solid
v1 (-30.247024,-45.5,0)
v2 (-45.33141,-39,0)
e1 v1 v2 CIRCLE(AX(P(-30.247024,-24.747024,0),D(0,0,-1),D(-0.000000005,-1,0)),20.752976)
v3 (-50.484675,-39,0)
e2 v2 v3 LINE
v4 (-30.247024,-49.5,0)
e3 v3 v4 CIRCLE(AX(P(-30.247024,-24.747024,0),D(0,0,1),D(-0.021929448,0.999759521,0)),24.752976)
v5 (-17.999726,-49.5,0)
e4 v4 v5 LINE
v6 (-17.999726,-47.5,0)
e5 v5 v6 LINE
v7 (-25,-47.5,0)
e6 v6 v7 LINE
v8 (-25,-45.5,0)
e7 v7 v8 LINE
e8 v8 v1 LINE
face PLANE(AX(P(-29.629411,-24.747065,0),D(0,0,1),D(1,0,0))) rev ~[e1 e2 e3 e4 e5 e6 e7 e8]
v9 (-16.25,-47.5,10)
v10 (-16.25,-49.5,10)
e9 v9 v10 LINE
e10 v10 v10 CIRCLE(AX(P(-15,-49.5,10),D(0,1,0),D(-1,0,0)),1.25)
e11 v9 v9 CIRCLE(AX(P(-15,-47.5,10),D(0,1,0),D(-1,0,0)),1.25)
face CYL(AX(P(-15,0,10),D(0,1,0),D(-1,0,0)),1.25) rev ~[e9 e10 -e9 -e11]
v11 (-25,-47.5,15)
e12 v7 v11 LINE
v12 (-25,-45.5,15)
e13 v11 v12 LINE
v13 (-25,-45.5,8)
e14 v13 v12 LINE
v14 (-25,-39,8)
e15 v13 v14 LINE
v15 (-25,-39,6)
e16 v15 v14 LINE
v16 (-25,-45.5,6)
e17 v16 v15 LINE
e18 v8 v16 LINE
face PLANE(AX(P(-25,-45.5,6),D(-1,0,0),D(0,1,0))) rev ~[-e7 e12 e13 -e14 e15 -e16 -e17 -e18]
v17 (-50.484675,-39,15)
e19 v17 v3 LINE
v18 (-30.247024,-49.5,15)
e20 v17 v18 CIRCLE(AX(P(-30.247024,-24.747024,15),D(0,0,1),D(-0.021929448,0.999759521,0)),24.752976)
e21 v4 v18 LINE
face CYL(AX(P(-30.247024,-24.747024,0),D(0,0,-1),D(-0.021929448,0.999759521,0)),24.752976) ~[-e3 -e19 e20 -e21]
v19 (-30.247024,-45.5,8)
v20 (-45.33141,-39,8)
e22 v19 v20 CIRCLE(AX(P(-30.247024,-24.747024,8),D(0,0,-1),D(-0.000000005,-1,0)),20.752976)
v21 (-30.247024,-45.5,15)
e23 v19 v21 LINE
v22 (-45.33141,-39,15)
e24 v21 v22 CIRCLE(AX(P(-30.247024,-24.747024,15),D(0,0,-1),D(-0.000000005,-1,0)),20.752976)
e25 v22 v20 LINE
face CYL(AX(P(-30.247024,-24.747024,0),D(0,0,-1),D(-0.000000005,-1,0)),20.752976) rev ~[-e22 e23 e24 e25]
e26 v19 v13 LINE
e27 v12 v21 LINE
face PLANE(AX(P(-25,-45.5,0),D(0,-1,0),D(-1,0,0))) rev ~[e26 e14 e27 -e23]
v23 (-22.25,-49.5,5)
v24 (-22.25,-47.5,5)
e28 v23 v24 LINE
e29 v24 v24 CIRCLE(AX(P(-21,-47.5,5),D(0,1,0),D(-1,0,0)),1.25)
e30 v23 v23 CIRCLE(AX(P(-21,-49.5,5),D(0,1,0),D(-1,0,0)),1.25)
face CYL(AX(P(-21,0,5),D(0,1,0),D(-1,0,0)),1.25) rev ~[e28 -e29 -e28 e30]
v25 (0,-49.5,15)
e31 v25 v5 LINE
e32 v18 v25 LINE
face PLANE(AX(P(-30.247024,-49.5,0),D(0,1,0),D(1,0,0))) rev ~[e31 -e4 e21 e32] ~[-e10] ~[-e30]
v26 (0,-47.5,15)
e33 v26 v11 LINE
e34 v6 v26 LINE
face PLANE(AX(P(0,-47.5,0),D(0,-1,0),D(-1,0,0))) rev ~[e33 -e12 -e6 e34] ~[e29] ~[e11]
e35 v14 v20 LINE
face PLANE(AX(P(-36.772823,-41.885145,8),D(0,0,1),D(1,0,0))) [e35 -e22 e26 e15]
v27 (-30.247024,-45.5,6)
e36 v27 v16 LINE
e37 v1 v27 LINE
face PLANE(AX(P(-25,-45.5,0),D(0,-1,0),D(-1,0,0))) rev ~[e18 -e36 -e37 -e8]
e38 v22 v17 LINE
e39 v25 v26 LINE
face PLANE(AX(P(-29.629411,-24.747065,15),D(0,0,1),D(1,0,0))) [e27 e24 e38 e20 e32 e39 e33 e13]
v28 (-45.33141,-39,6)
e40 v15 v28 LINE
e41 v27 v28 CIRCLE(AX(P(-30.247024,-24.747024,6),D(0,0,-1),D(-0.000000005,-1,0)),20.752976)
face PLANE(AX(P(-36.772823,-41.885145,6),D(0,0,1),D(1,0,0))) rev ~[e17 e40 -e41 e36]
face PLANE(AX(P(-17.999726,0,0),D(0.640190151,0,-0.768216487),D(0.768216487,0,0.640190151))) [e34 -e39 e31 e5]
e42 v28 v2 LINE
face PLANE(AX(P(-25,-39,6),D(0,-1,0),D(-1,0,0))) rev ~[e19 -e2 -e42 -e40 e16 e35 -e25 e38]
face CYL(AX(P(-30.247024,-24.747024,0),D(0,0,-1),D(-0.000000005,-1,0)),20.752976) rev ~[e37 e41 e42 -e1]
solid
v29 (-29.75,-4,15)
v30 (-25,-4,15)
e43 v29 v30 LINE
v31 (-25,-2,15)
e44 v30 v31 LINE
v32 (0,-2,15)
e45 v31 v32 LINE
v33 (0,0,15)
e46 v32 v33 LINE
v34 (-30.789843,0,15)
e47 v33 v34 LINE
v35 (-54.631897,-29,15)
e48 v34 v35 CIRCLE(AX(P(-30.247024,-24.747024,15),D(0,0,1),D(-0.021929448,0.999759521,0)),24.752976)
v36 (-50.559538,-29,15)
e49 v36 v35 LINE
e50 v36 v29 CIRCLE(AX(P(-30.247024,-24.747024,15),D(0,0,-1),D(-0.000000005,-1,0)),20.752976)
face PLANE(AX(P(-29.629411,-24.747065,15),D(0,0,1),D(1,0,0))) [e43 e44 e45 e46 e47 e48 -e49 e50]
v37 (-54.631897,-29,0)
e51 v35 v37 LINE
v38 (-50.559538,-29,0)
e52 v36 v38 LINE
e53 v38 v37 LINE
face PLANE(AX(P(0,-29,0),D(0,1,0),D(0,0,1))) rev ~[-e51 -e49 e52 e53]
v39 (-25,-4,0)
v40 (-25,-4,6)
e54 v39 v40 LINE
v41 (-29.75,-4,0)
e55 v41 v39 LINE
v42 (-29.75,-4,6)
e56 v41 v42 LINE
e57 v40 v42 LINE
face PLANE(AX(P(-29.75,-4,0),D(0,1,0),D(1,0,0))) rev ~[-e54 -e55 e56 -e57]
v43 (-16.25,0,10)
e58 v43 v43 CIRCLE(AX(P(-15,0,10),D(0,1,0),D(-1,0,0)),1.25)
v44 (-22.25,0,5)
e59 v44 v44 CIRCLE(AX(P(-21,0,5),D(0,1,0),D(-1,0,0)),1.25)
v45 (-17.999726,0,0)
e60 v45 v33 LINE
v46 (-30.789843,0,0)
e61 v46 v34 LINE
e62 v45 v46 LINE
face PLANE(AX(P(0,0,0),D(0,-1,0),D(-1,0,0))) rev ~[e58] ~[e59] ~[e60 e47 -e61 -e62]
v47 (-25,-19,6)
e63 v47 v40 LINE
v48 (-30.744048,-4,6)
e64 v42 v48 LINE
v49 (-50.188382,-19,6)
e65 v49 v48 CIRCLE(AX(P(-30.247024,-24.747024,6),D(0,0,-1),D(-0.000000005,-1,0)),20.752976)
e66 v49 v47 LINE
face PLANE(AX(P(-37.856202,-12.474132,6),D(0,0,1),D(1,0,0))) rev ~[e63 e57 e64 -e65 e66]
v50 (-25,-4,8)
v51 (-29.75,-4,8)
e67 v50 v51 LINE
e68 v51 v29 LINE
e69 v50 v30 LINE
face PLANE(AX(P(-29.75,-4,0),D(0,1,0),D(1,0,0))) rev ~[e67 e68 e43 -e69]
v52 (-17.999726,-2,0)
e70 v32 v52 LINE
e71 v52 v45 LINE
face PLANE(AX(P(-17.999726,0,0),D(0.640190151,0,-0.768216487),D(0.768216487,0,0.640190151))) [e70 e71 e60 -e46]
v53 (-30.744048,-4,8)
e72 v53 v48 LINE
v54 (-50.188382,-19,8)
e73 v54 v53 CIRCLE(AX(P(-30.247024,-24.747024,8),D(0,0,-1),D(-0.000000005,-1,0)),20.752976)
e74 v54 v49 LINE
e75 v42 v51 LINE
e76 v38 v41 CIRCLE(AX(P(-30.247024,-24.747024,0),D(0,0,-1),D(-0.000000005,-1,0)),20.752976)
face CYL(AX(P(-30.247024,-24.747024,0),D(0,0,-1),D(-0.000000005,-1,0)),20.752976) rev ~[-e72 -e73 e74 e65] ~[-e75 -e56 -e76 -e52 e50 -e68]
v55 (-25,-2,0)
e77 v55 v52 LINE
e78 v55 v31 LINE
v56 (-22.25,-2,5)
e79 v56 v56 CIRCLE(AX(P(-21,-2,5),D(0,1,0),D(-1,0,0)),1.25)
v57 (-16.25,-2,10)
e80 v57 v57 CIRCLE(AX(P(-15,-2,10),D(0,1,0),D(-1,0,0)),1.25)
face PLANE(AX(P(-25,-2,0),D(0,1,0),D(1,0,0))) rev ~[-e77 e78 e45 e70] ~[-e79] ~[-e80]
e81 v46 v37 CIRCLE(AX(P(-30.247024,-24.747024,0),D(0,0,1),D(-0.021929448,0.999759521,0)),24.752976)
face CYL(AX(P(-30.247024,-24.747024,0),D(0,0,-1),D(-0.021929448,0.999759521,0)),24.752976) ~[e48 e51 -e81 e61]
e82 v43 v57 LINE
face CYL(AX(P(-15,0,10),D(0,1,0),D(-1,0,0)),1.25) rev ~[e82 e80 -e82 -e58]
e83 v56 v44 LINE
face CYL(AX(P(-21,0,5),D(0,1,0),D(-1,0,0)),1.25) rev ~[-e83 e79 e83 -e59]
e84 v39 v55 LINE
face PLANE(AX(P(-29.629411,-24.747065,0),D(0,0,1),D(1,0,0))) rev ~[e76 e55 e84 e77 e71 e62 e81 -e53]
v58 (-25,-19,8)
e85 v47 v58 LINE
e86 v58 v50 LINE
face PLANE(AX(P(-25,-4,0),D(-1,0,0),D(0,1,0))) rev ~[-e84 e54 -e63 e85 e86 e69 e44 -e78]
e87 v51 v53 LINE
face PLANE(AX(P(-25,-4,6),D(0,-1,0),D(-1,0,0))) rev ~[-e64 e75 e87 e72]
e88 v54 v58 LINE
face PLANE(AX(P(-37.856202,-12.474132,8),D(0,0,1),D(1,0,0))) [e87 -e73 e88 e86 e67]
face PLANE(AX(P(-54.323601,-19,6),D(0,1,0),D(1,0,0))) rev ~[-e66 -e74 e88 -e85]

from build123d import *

# Parameters (mm, degrees)
F1_DEPTH = 15
F4_DEPTH = 2
F5_R     = 1.25
F6_DEPTH = 300
F7_W     = 10
F7_H     = 15
F8_DEPTH = 55.001


with BuildPart() as f1:
    # F0 (on Top) → F1 (new body)
    with BuildSketch(Plane.XY):
        with BuildLine():
            Line((0, -2), (0, 0))
            Line((0, 0), (-30.789843, 0))
            ThreePointArc((-30.789843, 0), (-54.998512, -25.01845), (-30.247024, -49.5))
            Line((-30.247024, -49.5), (0, -49.5))
            Line((0, -49.5), (0, -47.5))
            Line((0, -47.5), (-25, -47.5))
            Line((-25, -47.5), (-25, -45.5))
            Line((-25, -45.5), (-30.247024, -45.5))
            ThreePointArc((-30.247024, -45.5), (-50.998512, -24.498494), (-29.75, -4))
            Line((-29.75, -4), (-25, -4))
            Line((-25, -4), (-25, -2))
            Line((-25, -2), (0, -2))
        make_face()
    extrude(amount=F1_DEPTH)

    # F3 (on offset) → F4 (join)
    with BuildSketch(Plane.XY.offset(6)):
        Polygon((-25, -45.5), (-25, -39), (-50.484674, -39), (-43.738644, -45.5), align=None)
        Polygon((-25, -19), (-25, -4), (-43.747796, -4), (-54.323601, -19), align=None)
    extrude(amount=F4_DEPTH)

    # F5 (on face) → F6 (cut, symmetric)
    with BuildSketch(Plane(origin=(0, 0, 0), x_dir=(-1, 0, 0), z_dir=(0, 1, 0))):
        Polygon((0, 0), (17.999726, 0), (0, 15), align=None)
        with Locations((15, 10)):
            Circle(F5_R)
        with Locations((21, 5)):
            Circle(F5_R)
    extrude(amount=F6_DEPTH, both=True, mode=Mode.SUBTRACT)

    # F7 (on Right) → F8 (cut, through all)
    with BuildSketch(Plane.YZ):
        with Locations((-34, 7.5)):
            Rectangle(F7_W, F7_H)
    extrude(amount=-F8_DEPTH, mode=Mode.SUBTRACT)


solid = f1.part
